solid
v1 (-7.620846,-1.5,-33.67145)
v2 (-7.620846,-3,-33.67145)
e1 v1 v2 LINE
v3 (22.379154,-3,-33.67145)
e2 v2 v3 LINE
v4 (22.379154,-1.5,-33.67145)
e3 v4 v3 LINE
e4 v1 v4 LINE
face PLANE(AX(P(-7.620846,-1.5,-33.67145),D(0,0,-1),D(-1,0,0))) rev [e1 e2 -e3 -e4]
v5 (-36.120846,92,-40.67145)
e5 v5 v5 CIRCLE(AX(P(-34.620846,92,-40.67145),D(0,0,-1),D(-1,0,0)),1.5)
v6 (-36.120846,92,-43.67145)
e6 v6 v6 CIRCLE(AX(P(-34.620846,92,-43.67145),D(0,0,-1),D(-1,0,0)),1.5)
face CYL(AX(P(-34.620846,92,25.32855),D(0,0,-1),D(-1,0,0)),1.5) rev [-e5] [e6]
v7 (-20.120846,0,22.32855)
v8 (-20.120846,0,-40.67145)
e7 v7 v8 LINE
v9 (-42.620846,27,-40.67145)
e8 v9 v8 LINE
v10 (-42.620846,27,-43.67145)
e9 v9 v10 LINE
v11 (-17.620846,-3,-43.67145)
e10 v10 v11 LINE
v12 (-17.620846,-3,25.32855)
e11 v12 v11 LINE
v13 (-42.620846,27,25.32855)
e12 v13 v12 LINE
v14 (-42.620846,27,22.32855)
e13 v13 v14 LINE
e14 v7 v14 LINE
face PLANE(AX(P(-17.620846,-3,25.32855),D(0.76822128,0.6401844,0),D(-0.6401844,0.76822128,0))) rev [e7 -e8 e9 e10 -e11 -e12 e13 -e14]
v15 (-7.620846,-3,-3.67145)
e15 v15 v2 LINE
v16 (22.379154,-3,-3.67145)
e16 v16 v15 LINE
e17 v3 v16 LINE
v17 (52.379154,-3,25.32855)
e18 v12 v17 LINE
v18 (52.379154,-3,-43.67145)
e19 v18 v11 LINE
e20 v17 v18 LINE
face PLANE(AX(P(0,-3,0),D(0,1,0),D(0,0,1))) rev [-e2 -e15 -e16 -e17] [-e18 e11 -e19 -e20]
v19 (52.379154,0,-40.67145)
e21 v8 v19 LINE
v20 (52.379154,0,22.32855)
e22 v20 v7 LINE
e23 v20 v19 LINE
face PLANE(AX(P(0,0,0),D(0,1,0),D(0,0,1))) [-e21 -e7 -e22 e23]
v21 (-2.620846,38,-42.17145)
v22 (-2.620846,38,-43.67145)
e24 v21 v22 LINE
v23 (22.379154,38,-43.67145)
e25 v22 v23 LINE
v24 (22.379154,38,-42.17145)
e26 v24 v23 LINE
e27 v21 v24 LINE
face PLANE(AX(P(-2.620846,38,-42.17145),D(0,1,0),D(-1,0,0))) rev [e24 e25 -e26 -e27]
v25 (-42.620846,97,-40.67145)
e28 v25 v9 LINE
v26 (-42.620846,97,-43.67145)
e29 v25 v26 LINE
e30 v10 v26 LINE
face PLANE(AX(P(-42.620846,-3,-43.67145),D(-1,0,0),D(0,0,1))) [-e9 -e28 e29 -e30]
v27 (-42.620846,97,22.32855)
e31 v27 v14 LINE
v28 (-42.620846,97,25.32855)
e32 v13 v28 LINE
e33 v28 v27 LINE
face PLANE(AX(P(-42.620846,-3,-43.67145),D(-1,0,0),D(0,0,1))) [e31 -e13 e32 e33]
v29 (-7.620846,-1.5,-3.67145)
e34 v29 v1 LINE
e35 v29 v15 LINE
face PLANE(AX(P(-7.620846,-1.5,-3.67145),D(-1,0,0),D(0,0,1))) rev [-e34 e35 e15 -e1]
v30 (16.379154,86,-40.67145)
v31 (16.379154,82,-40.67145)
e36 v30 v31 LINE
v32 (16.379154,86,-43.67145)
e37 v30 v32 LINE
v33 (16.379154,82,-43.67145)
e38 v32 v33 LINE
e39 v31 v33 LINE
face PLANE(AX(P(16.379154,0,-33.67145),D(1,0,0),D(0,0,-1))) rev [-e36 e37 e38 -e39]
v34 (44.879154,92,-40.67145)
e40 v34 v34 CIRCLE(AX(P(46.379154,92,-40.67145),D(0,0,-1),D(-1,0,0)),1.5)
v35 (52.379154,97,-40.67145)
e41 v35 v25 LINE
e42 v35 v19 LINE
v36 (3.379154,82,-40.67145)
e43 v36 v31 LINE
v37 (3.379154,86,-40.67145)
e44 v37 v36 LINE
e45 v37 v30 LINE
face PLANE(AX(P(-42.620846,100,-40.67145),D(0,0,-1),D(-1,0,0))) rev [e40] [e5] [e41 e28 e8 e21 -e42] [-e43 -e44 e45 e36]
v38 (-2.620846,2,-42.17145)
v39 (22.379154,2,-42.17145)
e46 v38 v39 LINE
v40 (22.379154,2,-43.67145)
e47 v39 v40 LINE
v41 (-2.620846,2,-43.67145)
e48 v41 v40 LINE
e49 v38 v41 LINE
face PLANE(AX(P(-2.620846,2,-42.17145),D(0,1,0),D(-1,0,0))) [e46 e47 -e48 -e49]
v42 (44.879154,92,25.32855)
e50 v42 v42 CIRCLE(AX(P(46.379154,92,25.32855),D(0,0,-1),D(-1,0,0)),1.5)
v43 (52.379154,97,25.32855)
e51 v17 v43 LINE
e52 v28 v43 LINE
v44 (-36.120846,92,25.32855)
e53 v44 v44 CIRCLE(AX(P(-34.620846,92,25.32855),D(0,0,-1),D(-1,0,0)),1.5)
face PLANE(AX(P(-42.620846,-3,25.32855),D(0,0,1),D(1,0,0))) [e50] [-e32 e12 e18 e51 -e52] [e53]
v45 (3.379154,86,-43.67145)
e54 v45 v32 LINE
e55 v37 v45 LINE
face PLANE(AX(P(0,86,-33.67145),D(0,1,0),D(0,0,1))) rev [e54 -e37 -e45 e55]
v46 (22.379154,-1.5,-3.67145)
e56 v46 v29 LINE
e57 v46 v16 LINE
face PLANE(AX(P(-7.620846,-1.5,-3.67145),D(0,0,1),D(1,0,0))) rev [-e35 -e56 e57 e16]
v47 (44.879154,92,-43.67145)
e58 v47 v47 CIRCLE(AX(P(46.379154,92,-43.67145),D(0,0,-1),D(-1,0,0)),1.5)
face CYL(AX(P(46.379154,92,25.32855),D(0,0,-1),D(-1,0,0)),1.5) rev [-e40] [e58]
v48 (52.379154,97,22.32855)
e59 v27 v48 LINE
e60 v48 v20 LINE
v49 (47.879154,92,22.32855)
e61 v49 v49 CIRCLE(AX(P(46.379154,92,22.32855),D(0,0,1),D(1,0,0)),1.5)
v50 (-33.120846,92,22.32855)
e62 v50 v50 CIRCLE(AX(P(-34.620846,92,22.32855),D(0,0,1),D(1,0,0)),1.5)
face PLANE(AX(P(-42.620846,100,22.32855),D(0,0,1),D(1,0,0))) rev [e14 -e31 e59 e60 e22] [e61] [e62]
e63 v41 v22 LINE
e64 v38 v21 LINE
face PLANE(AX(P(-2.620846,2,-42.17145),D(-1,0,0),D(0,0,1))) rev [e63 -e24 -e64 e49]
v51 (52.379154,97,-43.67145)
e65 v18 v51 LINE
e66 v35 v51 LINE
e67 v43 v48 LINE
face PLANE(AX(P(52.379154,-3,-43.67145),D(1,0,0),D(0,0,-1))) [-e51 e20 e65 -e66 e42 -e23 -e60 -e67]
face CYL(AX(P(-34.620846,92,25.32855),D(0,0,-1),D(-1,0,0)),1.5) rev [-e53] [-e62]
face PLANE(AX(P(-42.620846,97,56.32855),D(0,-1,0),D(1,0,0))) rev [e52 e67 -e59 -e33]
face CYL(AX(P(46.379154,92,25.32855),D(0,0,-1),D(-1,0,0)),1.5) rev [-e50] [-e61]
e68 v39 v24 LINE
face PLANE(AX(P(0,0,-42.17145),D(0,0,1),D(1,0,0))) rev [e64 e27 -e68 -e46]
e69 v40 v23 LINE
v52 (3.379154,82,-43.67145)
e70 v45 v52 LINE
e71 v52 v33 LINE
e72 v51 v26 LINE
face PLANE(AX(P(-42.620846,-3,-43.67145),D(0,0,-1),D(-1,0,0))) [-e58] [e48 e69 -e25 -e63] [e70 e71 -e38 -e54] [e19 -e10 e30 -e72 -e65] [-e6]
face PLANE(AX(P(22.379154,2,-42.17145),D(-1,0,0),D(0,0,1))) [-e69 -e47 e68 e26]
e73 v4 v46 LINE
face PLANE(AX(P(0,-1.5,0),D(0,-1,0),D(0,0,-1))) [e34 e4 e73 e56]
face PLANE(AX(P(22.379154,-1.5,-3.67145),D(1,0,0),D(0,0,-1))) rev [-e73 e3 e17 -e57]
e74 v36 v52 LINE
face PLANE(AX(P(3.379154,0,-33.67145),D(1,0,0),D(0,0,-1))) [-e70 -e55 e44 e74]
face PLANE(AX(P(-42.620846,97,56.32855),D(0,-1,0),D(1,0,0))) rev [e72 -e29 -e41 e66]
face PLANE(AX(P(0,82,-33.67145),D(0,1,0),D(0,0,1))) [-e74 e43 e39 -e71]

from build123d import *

# Parameters (mm, degrees)
SKETCH1_W           = 95
SKETCH1_H           = 69
BOSS_EXTRUDE1_DEPTH = 3
SKETCH2_W           = 95
SKETCH2_H           = 3
BOSS_EXTRUDE2_DEPTH = 100
SKETCH3_W           = 95
SKETCH3_H           = 3
BOSS_EXTRUDE3_DEPTH = 100
SKETCH4_W           = 95
SKETCH4_H           = 3
CUT_EXTRUDE1_DEPTH  = 100
SKETCH5_W           = 25
SKETCH5_H           = 36
CUT_EXTRUDE2_DEPTH  = 1.5
SKETCH6_W           = 30
SKETCH6_H           = 30
CUT_EXTRUDE3_DEPTH  = 1.5
SKETCH7_R           = 1.5
CUT_EXTRUDE5_DEPTH  = 131.052204064
CUT_EXTRUDE6_DEPTH  = 131.052204064
SKETCH9_W           = 13
SKETCH9_H           = 4
CUT_EXTRUDE9_DEPTH  = 10


with BuildPart() as part:
    # Sketch1 → Boss-Extrude1 (new body)
    with BuildSketch(Plane(origin=(0, 0, 0), x_dir=(1, 0, 0), z_dir=(0, 1, 0))):
        with Locations((4.879154079, 9.171450151)):
            Rectangle(SKETCH1_W, SKETCH1_H)
    extrude(amount=-BOSS_EXTRUDE1_DEPTH)

    # Sketch2 → Boss-Extrude2 (add)
    with BuildSketch(Plane(origin=(0, 0, 0), x_dir=(1, 0, 0), z_dir=(0, 1, 0))):
        with Locations((4.879154079, -23.828549849)):
            Rectangle(SKETCH2_W, SKETCH2_H)
    extrude(amount=BOSS_EXTRUDE2_DEPTH)

    # Sketch3 → Boss-Extrude3 (add)
    with BuildSketch(Plane(origin=(0, 0, 0), x_dir=(1, 0, 0), z_dir=(0, 1, 0))):
        with Locations((4.879154079, 42.171450151)):
            Rectangle(SKETCH3_W, SKETCH3_H)
    extrude(amount=BOSS_EXTRUDE3_DEPTH)

    # Sketch4 → Cut-Extrude1 (cut)
    with BuildSketch(Plane(origin=(0, 0, -43.671450151), x_dir=(-1, 0, 0), z_dir=(0, 0, -1))):
        with Locations((-4.879154079, 98.5)):
            Rectangle(SKETCH4_W, SKETCH4_H)
    extrude(amount=-CUT_EXTRUDE1_DEPTH, mode=Mode.SUBTRACT)

    # Sketch5 → Cut-Extrude2 (cut)
    with BuildSketch(Plane(origin=(0, 0, -43.671450151), x_dir=(-1, 0, 0), z_dir=(0, 0, -1))):
        with Locations((-9.879154079, 20)):
            Rectangle(SKETCH5_W, SKETCH5_H)
    extrude(amount=-CUT_EXTRUDE2_DEPTH, mode=Mode.SUBTRACT)

    # Sketch6 → Cut-Extrude3 (cut)
    with BuildSketch(Plane.XZ.offset(3)):
        with Locations((7.379154079, -18.671450151)):
            Rectangle(SKETCH6_W, SKETCH6_H)
    extrude(amount=-CUT_EXTRUDE3_DEPTH, mode=Mode.SUBTRACT)

    # Sketch7 → Cut-Extrude5 (cut, through all)
    with BuildSketch(Plane(origin=(0, 0, -43.671450151), x_dir=(-1, 0, 0), z_dir=(0, 0, -1))):
        with Locations((34.620845921, 92)):
            Circle(SKETCH7_R)
        with Locations((-46.379154079, 92)):
            Circle(SKETCH7_R)
    extrude(amount=-CUT_EXTRUDE5_DEPTH, mode=Mode.SUBTRACT)

    # Sketch8 → Cut-Extrude6 (cut, through all)
    with BuildSketch(Plane(origin=(0, 0, -43.671450151), x_dir=(-1, 0, 0), z_dir=(0, 0, -1))):
        Polygon((42.620845921, -3), (17.620845921, -3), (42.620845921, 27), align=None)
    extrude(amount=-CUT_EXTRUDE6_DEPTH, mode=Mode.SUBTRACT)

    # Sketch9 → Cut-Extrude9 (cut)
    with BuildSketch(Plane(origin=(0, 0, -43.671450151), x_dir=(-1, 0, 0), z_dir=(0, 0, -1))):
        with Locations((-9.879154079, 84)):
            Rectangle(SKETCH9_W, SKETCH9_H)
    extrude(amount=-CUT_EXTRUDE9_DEPTH, mode=Mode.SUBTRACT)


solid = part.part
